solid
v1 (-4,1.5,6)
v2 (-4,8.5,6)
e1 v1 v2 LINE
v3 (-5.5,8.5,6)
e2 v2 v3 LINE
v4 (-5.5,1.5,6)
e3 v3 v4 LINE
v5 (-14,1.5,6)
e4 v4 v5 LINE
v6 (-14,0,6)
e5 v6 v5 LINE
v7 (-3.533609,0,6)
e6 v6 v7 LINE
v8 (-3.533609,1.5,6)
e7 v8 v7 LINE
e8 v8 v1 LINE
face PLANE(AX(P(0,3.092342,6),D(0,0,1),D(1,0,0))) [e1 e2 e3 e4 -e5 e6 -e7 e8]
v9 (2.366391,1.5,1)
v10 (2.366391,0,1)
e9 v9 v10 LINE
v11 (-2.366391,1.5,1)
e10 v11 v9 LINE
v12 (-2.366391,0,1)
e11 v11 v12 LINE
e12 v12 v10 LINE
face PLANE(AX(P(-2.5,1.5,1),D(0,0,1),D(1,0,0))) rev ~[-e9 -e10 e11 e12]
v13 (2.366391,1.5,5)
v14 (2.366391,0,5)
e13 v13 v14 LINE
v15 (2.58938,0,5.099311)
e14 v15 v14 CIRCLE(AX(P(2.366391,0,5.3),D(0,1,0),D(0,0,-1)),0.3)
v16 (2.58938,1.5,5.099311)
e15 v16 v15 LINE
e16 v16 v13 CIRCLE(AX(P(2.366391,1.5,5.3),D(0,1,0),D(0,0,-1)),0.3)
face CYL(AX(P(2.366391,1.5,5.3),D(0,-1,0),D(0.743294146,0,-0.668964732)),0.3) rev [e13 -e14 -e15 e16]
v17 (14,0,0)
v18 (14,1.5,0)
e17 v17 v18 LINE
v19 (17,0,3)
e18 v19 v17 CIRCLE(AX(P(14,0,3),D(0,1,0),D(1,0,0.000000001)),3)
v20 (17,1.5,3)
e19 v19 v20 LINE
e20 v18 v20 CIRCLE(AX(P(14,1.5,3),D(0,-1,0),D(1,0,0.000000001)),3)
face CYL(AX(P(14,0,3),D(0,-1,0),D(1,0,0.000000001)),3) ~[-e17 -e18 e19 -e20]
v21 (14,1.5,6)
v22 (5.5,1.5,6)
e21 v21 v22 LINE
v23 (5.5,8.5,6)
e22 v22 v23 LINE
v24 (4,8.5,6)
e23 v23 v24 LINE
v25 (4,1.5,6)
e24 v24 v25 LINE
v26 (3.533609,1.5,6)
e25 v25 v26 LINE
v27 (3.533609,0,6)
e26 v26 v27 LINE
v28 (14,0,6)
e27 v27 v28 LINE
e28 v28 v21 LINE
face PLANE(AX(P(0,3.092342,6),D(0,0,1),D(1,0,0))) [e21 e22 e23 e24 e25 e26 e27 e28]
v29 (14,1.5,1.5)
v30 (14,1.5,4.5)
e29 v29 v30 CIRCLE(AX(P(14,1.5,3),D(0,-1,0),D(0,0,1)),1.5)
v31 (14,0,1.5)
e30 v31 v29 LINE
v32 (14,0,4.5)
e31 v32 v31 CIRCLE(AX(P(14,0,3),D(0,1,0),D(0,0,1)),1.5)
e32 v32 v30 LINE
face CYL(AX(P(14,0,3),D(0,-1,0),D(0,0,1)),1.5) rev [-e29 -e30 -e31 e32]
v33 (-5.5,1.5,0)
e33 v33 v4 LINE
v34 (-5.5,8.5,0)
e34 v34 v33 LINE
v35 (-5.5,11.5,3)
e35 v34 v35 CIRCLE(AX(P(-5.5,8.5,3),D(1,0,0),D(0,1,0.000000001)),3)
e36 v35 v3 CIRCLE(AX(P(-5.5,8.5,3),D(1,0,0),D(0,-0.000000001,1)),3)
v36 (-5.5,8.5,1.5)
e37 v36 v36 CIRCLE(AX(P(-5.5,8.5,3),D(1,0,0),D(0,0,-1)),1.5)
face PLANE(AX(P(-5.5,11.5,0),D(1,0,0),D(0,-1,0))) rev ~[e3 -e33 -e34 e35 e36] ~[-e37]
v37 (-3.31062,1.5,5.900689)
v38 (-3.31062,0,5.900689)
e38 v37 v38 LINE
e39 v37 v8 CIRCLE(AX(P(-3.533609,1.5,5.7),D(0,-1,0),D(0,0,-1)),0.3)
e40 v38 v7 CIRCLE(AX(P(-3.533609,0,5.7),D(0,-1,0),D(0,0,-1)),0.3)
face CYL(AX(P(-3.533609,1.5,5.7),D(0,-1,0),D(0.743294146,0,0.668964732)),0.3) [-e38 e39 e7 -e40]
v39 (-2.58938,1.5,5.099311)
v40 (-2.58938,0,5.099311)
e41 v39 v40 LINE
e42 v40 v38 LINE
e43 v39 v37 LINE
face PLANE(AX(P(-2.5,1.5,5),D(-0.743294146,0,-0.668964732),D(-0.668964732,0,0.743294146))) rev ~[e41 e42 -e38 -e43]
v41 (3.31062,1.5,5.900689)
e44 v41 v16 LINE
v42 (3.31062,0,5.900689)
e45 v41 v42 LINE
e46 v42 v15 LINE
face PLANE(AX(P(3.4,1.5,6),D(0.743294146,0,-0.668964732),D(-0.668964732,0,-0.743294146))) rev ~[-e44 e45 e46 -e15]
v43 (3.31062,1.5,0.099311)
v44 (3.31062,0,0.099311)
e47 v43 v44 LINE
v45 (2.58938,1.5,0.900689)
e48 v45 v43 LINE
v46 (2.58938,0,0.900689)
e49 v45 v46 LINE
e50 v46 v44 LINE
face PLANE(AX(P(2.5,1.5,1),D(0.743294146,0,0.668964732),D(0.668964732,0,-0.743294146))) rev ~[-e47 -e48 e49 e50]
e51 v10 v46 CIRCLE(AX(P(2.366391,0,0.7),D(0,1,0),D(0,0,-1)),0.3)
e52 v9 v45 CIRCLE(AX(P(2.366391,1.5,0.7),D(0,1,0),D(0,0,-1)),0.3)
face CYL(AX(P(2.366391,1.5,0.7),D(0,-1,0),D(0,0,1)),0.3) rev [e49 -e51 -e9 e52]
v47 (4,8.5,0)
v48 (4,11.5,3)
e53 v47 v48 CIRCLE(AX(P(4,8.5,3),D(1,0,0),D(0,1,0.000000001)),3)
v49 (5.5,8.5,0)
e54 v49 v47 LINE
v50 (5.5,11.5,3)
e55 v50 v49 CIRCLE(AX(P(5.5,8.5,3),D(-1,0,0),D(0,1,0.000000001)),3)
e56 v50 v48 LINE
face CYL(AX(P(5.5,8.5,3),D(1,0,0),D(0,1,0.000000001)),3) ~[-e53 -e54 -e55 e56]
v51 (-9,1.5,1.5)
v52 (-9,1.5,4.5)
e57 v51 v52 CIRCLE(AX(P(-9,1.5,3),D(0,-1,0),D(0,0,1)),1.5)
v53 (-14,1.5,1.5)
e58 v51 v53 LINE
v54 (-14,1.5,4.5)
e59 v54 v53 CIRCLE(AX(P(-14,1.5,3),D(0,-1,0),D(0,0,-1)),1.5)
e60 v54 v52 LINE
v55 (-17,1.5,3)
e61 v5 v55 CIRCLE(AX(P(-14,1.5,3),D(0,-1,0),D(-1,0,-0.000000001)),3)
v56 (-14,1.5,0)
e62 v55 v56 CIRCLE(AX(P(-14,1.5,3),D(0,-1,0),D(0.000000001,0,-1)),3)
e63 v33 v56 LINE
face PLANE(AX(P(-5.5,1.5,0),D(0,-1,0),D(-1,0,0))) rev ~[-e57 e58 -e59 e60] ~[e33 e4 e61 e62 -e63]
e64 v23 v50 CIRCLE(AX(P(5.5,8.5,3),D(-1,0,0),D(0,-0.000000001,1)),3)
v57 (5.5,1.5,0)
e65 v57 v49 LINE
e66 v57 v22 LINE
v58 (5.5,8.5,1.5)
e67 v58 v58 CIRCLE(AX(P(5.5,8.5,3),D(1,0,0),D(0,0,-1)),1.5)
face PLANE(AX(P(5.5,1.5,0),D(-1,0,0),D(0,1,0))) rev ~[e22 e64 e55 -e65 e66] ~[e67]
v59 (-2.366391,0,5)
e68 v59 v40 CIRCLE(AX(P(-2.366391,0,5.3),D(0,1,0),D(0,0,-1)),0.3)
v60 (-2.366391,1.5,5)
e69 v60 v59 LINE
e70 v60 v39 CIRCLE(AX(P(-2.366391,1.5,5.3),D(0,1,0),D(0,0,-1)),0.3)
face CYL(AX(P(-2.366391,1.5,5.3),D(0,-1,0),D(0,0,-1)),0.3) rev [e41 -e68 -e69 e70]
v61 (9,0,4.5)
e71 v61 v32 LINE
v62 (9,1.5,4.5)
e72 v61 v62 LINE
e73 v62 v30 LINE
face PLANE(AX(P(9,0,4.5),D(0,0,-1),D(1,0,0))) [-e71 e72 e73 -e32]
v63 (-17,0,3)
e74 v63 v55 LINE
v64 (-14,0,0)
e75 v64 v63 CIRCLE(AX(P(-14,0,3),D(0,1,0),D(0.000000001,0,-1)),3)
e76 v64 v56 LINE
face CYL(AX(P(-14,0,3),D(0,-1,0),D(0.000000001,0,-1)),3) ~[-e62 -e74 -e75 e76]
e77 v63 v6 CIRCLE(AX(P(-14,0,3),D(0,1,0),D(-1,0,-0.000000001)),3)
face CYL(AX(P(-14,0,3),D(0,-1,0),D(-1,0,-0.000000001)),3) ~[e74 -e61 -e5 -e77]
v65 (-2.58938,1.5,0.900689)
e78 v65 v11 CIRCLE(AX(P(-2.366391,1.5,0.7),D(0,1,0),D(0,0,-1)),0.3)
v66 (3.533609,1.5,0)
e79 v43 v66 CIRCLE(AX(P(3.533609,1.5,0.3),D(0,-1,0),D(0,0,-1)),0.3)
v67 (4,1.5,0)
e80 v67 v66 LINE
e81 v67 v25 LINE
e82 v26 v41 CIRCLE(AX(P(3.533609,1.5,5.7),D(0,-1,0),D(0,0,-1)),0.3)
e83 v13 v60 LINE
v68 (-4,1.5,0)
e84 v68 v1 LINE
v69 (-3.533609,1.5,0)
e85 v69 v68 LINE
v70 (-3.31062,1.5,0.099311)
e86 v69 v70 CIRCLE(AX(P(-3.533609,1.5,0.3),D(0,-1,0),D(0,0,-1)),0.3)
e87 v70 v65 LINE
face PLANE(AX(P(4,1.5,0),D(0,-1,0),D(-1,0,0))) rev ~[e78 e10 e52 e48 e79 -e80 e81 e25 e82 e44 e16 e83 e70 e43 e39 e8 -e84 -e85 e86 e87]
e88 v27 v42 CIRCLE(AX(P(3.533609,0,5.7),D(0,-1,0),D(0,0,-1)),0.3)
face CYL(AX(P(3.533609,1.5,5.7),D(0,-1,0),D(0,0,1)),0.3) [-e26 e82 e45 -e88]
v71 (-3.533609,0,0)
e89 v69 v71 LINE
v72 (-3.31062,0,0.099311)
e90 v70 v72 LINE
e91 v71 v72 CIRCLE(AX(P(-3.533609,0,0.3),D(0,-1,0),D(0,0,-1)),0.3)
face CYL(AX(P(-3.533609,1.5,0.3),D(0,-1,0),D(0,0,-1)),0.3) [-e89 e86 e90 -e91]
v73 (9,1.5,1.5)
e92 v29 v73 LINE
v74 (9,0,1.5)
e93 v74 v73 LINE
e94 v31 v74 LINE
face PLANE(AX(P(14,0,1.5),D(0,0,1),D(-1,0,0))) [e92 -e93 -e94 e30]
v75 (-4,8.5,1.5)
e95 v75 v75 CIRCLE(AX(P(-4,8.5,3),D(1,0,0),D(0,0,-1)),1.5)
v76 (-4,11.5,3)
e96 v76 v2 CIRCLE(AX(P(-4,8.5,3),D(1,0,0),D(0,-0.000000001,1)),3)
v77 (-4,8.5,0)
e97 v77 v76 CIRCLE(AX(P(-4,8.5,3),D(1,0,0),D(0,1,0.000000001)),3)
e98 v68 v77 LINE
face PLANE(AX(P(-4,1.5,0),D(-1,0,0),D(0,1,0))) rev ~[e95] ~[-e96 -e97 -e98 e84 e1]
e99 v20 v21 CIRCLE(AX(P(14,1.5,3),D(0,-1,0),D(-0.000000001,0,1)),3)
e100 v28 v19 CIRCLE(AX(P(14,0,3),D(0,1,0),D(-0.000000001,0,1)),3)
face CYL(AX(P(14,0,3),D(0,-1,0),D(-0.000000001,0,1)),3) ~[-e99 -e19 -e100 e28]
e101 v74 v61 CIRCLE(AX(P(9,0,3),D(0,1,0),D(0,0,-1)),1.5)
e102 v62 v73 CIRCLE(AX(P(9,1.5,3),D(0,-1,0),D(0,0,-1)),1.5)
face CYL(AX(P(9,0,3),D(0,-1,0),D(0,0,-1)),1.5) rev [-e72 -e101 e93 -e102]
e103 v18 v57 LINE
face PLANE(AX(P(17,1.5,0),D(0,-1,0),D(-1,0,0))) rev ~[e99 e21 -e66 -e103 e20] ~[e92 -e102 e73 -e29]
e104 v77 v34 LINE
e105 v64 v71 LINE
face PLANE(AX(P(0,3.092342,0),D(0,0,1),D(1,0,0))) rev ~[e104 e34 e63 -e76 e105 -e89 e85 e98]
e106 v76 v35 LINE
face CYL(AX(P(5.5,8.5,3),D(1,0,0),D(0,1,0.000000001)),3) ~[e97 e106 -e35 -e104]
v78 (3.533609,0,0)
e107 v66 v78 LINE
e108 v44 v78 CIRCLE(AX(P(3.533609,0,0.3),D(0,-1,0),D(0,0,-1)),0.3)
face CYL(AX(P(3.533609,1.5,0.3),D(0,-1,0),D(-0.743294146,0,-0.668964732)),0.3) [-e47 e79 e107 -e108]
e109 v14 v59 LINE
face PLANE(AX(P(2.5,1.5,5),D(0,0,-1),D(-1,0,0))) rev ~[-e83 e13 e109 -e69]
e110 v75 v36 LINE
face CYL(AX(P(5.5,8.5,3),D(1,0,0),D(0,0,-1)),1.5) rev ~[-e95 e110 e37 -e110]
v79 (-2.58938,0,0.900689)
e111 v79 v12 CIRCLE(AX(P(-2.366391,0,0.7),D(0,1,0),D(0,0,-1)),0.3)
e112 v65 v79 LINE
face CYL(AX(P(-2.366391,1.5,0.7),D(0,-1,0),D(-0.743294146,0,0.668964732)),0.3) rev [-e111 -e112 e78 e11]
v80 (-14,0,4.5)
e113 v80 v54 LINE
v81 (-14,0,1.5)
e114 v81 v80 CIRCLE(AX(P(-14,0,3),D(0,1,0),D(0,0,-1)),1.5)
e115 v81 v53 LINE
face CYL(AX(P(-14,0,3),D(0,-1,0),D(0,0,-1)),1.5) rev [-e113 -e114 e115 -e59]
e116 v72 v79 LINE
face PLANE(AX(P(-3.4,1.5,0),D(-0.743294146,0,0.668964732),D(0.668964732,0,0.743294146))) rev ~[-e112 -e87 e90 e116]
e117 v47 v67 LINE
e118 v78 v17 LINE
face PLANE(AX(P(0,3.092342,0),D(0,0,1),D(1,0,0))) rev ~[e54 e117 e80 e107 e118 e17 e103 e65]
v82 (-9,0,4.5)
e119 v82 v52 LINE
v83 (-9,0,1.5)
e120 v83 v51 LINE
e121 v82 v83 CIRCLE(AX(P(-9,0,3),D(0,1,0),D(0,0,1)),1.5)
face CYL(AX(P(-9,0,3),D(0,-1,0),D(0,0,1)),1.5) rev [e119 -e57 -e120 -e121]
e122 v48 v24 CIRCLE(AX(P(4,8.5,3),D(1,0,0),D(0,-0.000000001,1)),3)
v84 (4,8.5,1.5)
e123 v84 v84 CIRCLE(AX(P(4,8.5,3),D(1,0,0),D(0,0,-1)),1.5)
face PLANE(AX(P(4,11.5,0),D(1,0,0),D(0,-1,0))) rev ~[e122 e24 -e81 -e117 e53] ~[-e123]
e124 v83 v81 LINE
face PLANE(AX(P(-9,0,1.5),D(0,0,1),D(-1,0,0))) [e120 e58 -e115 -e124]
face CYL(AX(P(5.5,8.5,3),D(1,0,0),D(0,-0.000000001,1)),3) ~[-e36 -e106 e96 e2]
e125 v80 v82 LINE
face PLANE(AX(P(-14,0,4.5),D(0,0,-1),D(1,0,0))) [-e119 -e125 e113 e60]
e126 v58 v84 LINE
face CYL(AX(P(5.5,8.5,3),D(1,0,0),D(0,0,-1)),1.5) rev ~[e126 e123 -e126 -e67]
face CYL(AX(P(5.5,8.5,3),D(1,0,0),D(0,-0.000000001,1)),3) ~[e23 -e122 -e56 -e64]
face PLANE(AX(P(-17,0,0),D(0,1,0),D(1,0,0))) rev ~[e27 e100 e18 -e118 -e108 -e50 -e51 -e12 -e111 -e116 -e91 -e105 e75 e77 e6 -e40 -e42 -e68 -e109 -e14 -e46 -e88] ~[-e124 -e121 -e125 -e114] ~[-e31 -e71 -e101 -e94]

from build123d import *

# Parameters (mm, degrees)
EXTRUDE_1_DEPTH     = 6
CUT_EXTRUDE_1_DEPTH = 12.5
CUT_EXTRUDE_2_DEPTH = 12.5
SKETCH_4_R          = 1.5
CUT_EXTRUDE_3_DEPTH = 23.5
CUT_EXTRUDE_4_DEPTH = 2.5
FILLET_1_R          = 0.3


with BuildPart() as part:
    # 草图1 → 凸台-拉伸1 (new body)
    with BuildSketch(Plane.XY):
        Polygon((-17, 0), (17, 0), (17, 1.5), (5.5, 1.5), (5.5, 11.5), (4, 11.5), (4, 1.5), (-4, 1.5), (-4, 11.5), (-5.5, 11.5), (-5.5, 1.5), (-17, 1.5), align=None)
    extrude(amount=EXTRUDE_1_DEPTH)

    # 草图2 → 切除-拉伸1 (cut, through all)
    with BuildSketch(Plane.XZ):
        with BuildLine():
            Line((-14, 6), (-17, 6))
            Line((-17, 6), (-17, 3))
            ThreePointArc((-17, 3), (-16.121320344, 5.121320344), (-14, 6))
        make_face()
        with BuildLine():
            ThreePointArc((-14, 0), (-16.121320344, 0.878679656), (-17, 3))
            Line((-17, 3), (-17, 0))
            Line((-17, 0), (-14, 0))
        make_face()
        with BuildLine():
            Line((17, 0), (17, 3))
            ThreePointArc((17, 3), (16.121320344, 0.878679656), (14, 0))
            Line((14, 0), (17, 0))
        make_face()
        with BuildLine():
            Line((17, 6), (14, 6))
            ThreePointArc((14, 6), (16.121320344, 5.121320344), (17, 3))
            Line((17, 3), (17, 6))
        make_face()
    extrude(amount=-CUT_EXTRUDE_1_DEPTH, mode=Mode.SUBTRACT)

    # 草图3 → 切除-拉伸2 (cut, through all)
    with BuildSketch(Plane.XZ):
        with BuildLine():
            Line((-9, 1.5), (-14, 1.5))
            ThreePointArc((-14, 1.5), (-15.5, 3), (-14, 4.5))
            Line((-14, 4.5), (-9, 4.5))
            ThreePointArc((-9, 4.5), (-7.5, 3), (-9, 1.5))
        make_face()
        with BuildLine():
            Line((9, 4.5), (14, 4.5))
            ThreePointArc((14, 4.5), (15.5, 3), (14, 1.5))
            Line((14, 1.5), (9, 1.5))
            ThreePointArc((9, 1.5), (7.5, 3), (9, 4.5))
        make_face()
    extrude(amount=-CUT_EXTRUDE_2_DEPTH, mode=Mode.SUBTRACT)

    # 草图4 → 切除-拉伸3 (cut, through all)
    with BuildSketch(Plane(origin=(5.5, 0, 0), x_dir=(0, 0, -1), z_dir=(1, 0, 0))):
        with BuildLine():
            Line((-3, 11.5), (-6, 11.5))
            Line((-6, 11.5), (-6, 8.5))
            ThreePointArc((-6, 8.5), (-5.121320344, 10.621320344), (-3, 11.5))
        make_face()
        with BuildLine():
            Line((0, 11.5), (-3, 11.5))
            ThreePointArc((-3, 11.5), (-0.878679656, 10.621320344), (0, 8.5))
            Line((0, 8.5), (0, 11.5))
        make_face()
        with Locations((-3, 8.5)):
            Circle(SKETCH_4_R)
    extrude(amount=-CUT_EXTRUDE_3_DEPTH, mode=Mode.SUBTRACT)

    # 草图5 → 切除-拉伸4 (cut, through all)
    with BuildSketch(Plane(origin=(0, 1.5, 0), x_dir=(1, 0, 0), z_dir=(0, 1, 0))):
        Polygon((2.5, -1), (3.4, 0), (-3.4, 0), (-2.5, -1), align=None)
        Polygon((-3.4, -6), (3.4, -6), (2.5, -5), (-2.5, -5), align=None)
    extrude(amount=-CUT_EXTRUDE_4_DEPTH, mode=Mode.SUBTRACT)

    # 圆角1
    fillet_1_edges = [part.edges().sort_by_distance(p)[0] for p in [
        (-2.5, 0.75, 1),
        (-3.4, 0.75, 0),
        (3.4, 0.75, 0),
        (2.5, 0.75, 1),
        (-2.5, 0.75, 5),
        (2.5, 0.75, 5),
        (3.4, 0.75, 6),
        (-3.4, 0.75, 6),
    ]]
    fillet(fillet_1_edges, radius=FILLET_1_R)


solid = part.part
